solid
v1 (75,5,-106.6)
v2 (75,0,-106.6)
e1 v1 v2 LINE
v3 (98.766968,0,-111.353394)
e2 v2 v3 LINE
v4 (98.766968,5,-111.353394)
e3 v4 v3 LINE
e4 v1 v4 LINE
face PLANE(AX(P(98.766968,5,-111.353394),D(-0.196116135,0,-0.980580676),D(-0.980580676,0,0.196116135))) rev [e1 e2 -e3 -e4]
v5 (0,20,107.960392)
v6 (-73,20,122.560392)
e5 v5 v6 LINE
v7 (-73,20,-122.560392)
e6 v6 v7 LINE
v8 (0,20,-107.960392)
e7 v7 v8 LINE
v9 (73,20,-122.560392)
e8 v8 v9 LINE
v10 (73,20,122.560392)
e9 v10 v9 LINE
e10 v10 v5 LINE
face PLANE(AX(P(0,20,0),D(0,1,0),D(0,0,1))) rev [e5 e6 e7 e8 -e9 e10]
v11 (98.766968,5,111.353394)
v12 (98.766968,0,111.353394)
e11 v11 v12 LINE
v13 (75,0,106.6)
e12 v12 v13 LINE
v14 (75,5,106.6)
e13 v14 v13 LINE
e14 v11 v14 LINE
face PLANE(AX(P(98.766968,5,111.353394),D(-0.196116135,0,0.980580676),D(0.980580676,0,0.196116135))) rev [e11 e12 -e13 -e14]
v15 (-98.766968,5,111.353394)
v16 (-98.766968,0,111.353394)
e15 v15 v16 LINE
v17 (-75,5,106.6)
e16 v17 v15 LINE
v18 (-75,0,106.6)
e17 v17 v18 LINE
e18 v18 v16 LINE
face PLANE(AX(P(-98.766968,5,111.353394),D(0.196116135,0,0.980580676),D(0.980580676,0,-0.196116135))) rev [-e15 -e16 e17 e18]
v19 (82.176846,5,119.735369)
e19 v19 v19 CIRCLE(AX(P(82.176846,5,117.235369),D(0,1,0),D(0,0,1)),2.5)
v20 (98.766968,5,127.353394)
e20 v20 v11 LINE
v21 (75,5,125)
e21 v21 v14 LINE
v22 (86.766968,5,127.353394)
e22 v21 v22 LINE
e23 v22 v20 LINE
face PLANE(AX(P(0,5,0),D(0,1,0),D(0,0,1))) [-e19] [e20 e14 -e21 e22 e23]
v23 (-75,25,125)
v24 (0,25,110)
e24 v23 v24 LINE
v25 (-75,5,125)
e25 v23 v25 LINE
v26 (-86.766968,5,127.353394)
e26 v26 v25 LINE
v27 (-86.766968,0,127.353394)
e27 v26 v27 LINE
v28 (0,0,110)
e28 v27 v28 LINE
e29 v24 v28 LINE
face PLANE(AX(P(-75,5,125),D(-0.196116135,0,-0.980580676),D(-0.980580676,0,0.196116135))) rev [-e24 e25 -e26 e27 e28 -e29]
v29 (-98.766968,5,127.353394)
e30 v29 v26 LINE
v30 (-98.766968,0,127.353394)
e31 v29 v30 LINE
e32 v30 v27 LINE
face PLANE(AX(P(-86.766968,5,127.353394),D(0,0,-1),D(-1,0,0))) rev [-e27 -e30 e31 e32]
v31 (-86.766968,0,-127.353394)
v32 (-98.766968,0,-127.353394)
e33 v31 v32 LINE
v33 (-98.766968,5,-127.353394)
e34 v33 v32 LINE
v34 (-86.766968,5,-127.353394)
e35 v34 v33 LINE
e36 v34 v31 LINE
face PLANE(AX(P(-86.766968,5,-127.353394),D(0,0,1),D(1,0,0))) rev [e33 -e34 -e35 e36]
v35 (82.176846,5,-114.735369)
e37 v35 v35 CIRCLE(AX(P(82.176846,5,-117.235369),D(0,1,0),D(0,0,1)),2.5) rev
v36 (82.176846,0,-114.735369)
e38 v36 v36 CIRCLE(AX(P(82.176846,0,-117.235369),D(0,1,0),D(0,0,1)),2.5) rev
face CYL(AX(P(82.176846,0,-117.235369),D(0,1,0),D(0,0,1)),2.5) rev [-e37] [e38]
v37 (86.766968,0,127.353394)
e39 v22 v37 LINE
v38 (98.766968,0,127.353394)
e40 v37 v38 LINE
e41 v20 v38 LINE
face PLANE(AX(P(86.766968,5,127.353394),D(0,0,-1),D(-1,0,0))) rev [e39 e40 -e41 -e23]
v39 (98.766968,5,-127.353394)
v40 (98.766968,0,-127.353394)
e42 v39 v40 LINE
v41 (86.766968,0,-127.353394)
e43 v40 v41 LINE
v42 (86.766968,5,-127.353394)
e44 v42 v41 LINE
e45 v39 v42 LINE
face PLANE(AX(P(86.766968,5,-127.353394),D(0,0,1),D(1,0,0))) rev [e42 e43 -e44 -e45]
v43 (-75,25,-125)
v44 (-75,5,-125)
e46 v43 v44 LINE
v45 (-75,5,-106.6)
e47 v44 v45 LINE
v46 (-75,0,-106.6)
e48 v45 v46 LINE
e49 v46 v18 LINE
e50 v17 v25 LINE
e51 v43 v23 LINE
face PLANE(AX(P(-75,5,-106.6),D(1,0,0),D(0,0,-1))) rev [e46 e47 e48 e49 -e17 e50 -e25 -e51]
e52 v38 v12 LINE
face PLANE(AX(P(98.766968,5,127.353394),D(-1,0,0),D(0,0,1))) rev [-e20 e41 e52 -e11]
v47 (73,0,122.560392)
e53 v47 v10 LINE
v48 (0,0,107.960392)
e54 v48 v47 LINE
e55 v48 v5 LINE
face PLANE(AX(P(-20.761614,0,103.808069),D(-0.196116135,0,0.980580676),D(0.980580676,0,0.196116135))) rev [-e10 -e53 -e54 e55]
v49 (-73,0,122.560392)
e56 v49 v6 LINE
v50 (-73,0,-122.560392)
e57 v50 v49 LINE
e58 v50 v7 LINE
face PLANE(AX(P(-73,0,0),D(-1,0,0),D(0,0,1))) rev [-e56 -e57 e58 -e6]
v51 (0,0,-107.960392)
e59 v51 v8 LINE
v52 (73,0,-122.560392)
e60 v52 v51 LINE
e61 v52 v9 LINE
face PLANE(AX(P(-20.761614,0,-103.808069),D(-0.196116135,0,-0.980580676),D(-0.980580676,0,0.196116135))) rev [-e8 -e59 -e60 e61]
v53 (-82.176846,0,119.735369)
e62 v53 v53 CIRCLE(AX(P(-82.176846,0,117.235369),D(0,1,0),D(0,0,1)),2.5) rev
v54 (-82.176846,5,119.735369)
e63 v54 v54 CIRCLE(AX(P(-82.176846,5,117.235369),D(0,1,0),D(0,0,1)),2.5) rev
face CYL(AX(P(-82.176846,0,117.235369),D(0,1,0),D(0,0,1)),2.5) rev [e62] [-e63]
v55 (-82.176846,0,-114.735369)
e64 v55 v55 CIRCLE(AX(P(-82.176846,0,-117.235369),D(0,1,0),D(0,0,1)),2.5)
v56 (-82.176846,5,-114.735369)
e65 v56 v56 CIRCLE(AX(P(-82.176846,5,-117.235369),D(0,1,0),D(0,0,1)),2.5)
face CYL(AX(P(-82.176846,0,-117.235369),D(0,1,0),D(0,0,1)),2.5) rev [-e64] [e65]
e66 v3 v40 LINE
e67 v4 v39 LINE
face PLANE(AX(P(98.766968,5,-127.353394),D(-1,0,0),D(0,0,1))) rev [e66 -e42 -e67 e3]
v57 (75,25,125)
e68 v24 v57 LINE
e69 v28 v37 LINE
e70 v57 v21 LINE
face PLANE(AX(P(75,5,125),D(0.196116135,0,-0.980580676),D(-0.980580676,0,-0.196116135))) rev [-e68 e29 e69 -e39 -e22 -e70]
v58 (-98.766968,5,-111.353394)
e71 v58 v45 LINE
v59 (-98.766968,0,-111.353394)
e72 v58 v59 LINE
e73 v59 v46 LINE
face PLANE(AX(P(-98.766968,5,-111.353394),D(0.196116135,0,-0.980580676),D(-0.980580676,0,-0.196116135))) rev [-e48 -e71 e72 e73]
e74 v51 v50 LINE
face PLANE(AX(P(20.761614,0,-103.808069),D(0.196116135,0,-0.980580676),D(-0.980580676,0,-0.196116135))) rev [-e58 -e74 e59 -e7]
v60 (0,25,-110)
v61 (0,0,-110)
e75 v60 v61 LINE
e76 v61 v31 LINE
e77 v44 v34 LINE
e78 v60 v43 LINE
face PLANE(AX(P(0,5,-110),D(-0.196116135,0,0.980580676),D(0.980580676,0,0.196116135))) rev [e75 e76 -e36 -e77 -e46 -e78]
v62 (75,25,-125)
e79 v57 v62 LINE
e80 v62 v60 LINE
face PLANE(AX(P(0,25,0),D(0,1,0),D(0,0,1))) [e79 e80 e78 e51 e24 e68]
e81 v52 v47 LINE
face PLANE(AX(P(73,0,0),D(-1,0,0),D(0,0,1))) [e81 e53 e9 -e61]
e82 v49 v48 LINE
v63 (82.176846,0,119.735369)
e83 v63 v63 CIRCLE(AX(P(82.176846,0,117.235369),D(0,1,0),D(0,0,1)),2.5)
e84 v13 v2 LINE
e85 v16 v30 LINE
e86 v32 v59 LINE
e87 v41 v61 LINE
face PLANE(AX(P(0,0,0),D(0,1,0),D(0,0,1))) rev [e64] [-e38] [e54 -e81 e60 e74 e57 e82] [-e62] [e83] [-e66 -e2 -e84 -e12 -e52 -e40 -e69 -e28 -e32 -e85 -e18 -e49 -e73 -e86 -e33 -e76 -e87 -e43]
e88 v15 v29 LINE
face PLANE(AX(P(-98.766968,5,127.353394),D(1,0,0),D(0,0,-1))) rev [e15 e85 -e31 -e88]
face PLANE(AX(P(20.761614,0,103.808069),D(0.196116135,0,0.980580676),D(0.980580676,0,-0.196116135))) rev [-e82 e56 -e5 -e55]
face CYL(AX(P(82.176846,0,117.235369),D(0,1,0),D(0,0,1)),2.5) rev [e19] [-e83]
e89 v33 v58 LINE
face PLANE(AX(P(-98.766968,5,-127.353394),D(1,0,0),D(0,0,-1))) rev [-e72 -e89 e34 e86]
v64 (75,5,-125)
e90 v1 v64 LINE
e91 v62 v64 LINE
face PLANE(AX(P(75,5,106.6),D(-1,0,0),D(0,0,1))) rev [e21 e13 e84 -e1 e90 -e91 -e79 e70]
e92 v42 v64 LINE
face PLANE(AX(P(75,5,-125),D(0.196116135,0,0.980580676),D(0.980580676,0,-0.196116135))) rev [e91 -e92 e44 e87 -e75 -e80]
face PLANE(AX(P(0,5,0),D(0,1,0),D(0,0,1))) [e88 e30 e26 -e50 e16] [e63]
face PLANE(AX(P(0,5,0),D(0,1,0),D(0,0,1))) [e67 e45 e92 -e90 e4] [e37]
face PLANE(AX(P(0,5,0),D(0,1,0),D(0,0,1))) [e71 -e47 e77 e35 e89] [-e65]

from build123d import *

# Parameters (mm, degrees)
BOSS_EXTRUDE1_DEPTH = 5
SKETCH3_R           = 2.5
CUT_EXTRUDE1_DEPTH  = 162.241436536
BOSS_EXTRUDE2_DEPTH = 20
BOSS_EXTRUDE3_DEPTH = 5


with BuildPart() as part:
    # Sketch1 → Boss-Extrude1 (new body)
    with BuildSketch(Plane(origin=(0, 0, 0), x_dir=(1, 0, 0), z_dir=(0, 1, 0))):
        Polygon((-75, 106.6), (-75, -106.6), (-98.766968108, -111.353393622), (-98.766968108, -127.353393622), (-86.766968108, -127.353393622), (-75, -125), (0, -110), (75, -125), (86.766968108, -127.353393622), (98.766968108, -127.353393622), (98.766968108, -111.353393622), (75, -106.6), (75, 106.6), (98.766968108, 111.353393622), (98.766968108, 127.353393622), (86.766968108, 127.353393622), (75, 125), (0, 110), (-75, 125), (-86.766968108, 127.353393622), (-98.766968108, 127.353393622), (-98.766968108, 111.353393622), align=None)
    extrude(amount=BOSS_EXTRUDE1_DEPTH)

    # Sketch3 → Cut-Extrude1 (cut, through all)
    with BuildSketch(Plane(origin=(0, 5, 0), x_dir=(1, 0, 0), z_dir=(0, 1, 0))):
        Polygon((-73, 122.560392195), (-73, -122.560392195), (0, -107.960392195), (73, -122.560392195), (73, 122.560392195), (0, 107.960392195), align=None)
        with Locations((82.176846176, -117.235369235)):
            Circle(SKETCH3_R)
        with Locations((-82.176846176, -117.235369235)):
            Circle(SKETCH3_R)
        with Locations((-82.176846176, 117.235369235)):
            Circle(SKETCH3_R)
        with Locations((82.176846176, 117.235369235)):
            Circle(SKETCH3_R)
    extrude(amount=-CUT_EXTRUDE1_DEPTH, mode=Mode.SUBTRACT)

    # Sketch4 → Boss-Extrude2 (add)
    with BuildSketch(Plane(origin=(0, 5, 0), x_dir=(1, 0, 0), z_dir=(0, 1, 0))):
        Polygon((-75, 125), (-75, -125), (0, -110), (75, -125), (75, 125), (0, 110), align=None)
        Polygon((0, -107.960392195), (73, -122.560392195), (73, 122.560392195), (0, 107.960392195), (-73, 122.560392195), (-73, -122.560392195), align=None, mode=Mode.SUBTRACT)
    extrude(amount=BOSS_EXTRUDE2_DEPTH)

    # Sketch5 → Boss-Extrude3 (add)
    with BuildSketch(Plane(origin=(0, 25, 0), x_dir=(1, 0, 0), z_dir=(0, 1, 0))):
        Polygon((75, 125), (0, 110), (-75, 125), (-75, -125), (0, -110), (75, -125), align=None)
    extrude(amount=-BOSS_EXTRUDE3_DEPTH)


solid = part.part
